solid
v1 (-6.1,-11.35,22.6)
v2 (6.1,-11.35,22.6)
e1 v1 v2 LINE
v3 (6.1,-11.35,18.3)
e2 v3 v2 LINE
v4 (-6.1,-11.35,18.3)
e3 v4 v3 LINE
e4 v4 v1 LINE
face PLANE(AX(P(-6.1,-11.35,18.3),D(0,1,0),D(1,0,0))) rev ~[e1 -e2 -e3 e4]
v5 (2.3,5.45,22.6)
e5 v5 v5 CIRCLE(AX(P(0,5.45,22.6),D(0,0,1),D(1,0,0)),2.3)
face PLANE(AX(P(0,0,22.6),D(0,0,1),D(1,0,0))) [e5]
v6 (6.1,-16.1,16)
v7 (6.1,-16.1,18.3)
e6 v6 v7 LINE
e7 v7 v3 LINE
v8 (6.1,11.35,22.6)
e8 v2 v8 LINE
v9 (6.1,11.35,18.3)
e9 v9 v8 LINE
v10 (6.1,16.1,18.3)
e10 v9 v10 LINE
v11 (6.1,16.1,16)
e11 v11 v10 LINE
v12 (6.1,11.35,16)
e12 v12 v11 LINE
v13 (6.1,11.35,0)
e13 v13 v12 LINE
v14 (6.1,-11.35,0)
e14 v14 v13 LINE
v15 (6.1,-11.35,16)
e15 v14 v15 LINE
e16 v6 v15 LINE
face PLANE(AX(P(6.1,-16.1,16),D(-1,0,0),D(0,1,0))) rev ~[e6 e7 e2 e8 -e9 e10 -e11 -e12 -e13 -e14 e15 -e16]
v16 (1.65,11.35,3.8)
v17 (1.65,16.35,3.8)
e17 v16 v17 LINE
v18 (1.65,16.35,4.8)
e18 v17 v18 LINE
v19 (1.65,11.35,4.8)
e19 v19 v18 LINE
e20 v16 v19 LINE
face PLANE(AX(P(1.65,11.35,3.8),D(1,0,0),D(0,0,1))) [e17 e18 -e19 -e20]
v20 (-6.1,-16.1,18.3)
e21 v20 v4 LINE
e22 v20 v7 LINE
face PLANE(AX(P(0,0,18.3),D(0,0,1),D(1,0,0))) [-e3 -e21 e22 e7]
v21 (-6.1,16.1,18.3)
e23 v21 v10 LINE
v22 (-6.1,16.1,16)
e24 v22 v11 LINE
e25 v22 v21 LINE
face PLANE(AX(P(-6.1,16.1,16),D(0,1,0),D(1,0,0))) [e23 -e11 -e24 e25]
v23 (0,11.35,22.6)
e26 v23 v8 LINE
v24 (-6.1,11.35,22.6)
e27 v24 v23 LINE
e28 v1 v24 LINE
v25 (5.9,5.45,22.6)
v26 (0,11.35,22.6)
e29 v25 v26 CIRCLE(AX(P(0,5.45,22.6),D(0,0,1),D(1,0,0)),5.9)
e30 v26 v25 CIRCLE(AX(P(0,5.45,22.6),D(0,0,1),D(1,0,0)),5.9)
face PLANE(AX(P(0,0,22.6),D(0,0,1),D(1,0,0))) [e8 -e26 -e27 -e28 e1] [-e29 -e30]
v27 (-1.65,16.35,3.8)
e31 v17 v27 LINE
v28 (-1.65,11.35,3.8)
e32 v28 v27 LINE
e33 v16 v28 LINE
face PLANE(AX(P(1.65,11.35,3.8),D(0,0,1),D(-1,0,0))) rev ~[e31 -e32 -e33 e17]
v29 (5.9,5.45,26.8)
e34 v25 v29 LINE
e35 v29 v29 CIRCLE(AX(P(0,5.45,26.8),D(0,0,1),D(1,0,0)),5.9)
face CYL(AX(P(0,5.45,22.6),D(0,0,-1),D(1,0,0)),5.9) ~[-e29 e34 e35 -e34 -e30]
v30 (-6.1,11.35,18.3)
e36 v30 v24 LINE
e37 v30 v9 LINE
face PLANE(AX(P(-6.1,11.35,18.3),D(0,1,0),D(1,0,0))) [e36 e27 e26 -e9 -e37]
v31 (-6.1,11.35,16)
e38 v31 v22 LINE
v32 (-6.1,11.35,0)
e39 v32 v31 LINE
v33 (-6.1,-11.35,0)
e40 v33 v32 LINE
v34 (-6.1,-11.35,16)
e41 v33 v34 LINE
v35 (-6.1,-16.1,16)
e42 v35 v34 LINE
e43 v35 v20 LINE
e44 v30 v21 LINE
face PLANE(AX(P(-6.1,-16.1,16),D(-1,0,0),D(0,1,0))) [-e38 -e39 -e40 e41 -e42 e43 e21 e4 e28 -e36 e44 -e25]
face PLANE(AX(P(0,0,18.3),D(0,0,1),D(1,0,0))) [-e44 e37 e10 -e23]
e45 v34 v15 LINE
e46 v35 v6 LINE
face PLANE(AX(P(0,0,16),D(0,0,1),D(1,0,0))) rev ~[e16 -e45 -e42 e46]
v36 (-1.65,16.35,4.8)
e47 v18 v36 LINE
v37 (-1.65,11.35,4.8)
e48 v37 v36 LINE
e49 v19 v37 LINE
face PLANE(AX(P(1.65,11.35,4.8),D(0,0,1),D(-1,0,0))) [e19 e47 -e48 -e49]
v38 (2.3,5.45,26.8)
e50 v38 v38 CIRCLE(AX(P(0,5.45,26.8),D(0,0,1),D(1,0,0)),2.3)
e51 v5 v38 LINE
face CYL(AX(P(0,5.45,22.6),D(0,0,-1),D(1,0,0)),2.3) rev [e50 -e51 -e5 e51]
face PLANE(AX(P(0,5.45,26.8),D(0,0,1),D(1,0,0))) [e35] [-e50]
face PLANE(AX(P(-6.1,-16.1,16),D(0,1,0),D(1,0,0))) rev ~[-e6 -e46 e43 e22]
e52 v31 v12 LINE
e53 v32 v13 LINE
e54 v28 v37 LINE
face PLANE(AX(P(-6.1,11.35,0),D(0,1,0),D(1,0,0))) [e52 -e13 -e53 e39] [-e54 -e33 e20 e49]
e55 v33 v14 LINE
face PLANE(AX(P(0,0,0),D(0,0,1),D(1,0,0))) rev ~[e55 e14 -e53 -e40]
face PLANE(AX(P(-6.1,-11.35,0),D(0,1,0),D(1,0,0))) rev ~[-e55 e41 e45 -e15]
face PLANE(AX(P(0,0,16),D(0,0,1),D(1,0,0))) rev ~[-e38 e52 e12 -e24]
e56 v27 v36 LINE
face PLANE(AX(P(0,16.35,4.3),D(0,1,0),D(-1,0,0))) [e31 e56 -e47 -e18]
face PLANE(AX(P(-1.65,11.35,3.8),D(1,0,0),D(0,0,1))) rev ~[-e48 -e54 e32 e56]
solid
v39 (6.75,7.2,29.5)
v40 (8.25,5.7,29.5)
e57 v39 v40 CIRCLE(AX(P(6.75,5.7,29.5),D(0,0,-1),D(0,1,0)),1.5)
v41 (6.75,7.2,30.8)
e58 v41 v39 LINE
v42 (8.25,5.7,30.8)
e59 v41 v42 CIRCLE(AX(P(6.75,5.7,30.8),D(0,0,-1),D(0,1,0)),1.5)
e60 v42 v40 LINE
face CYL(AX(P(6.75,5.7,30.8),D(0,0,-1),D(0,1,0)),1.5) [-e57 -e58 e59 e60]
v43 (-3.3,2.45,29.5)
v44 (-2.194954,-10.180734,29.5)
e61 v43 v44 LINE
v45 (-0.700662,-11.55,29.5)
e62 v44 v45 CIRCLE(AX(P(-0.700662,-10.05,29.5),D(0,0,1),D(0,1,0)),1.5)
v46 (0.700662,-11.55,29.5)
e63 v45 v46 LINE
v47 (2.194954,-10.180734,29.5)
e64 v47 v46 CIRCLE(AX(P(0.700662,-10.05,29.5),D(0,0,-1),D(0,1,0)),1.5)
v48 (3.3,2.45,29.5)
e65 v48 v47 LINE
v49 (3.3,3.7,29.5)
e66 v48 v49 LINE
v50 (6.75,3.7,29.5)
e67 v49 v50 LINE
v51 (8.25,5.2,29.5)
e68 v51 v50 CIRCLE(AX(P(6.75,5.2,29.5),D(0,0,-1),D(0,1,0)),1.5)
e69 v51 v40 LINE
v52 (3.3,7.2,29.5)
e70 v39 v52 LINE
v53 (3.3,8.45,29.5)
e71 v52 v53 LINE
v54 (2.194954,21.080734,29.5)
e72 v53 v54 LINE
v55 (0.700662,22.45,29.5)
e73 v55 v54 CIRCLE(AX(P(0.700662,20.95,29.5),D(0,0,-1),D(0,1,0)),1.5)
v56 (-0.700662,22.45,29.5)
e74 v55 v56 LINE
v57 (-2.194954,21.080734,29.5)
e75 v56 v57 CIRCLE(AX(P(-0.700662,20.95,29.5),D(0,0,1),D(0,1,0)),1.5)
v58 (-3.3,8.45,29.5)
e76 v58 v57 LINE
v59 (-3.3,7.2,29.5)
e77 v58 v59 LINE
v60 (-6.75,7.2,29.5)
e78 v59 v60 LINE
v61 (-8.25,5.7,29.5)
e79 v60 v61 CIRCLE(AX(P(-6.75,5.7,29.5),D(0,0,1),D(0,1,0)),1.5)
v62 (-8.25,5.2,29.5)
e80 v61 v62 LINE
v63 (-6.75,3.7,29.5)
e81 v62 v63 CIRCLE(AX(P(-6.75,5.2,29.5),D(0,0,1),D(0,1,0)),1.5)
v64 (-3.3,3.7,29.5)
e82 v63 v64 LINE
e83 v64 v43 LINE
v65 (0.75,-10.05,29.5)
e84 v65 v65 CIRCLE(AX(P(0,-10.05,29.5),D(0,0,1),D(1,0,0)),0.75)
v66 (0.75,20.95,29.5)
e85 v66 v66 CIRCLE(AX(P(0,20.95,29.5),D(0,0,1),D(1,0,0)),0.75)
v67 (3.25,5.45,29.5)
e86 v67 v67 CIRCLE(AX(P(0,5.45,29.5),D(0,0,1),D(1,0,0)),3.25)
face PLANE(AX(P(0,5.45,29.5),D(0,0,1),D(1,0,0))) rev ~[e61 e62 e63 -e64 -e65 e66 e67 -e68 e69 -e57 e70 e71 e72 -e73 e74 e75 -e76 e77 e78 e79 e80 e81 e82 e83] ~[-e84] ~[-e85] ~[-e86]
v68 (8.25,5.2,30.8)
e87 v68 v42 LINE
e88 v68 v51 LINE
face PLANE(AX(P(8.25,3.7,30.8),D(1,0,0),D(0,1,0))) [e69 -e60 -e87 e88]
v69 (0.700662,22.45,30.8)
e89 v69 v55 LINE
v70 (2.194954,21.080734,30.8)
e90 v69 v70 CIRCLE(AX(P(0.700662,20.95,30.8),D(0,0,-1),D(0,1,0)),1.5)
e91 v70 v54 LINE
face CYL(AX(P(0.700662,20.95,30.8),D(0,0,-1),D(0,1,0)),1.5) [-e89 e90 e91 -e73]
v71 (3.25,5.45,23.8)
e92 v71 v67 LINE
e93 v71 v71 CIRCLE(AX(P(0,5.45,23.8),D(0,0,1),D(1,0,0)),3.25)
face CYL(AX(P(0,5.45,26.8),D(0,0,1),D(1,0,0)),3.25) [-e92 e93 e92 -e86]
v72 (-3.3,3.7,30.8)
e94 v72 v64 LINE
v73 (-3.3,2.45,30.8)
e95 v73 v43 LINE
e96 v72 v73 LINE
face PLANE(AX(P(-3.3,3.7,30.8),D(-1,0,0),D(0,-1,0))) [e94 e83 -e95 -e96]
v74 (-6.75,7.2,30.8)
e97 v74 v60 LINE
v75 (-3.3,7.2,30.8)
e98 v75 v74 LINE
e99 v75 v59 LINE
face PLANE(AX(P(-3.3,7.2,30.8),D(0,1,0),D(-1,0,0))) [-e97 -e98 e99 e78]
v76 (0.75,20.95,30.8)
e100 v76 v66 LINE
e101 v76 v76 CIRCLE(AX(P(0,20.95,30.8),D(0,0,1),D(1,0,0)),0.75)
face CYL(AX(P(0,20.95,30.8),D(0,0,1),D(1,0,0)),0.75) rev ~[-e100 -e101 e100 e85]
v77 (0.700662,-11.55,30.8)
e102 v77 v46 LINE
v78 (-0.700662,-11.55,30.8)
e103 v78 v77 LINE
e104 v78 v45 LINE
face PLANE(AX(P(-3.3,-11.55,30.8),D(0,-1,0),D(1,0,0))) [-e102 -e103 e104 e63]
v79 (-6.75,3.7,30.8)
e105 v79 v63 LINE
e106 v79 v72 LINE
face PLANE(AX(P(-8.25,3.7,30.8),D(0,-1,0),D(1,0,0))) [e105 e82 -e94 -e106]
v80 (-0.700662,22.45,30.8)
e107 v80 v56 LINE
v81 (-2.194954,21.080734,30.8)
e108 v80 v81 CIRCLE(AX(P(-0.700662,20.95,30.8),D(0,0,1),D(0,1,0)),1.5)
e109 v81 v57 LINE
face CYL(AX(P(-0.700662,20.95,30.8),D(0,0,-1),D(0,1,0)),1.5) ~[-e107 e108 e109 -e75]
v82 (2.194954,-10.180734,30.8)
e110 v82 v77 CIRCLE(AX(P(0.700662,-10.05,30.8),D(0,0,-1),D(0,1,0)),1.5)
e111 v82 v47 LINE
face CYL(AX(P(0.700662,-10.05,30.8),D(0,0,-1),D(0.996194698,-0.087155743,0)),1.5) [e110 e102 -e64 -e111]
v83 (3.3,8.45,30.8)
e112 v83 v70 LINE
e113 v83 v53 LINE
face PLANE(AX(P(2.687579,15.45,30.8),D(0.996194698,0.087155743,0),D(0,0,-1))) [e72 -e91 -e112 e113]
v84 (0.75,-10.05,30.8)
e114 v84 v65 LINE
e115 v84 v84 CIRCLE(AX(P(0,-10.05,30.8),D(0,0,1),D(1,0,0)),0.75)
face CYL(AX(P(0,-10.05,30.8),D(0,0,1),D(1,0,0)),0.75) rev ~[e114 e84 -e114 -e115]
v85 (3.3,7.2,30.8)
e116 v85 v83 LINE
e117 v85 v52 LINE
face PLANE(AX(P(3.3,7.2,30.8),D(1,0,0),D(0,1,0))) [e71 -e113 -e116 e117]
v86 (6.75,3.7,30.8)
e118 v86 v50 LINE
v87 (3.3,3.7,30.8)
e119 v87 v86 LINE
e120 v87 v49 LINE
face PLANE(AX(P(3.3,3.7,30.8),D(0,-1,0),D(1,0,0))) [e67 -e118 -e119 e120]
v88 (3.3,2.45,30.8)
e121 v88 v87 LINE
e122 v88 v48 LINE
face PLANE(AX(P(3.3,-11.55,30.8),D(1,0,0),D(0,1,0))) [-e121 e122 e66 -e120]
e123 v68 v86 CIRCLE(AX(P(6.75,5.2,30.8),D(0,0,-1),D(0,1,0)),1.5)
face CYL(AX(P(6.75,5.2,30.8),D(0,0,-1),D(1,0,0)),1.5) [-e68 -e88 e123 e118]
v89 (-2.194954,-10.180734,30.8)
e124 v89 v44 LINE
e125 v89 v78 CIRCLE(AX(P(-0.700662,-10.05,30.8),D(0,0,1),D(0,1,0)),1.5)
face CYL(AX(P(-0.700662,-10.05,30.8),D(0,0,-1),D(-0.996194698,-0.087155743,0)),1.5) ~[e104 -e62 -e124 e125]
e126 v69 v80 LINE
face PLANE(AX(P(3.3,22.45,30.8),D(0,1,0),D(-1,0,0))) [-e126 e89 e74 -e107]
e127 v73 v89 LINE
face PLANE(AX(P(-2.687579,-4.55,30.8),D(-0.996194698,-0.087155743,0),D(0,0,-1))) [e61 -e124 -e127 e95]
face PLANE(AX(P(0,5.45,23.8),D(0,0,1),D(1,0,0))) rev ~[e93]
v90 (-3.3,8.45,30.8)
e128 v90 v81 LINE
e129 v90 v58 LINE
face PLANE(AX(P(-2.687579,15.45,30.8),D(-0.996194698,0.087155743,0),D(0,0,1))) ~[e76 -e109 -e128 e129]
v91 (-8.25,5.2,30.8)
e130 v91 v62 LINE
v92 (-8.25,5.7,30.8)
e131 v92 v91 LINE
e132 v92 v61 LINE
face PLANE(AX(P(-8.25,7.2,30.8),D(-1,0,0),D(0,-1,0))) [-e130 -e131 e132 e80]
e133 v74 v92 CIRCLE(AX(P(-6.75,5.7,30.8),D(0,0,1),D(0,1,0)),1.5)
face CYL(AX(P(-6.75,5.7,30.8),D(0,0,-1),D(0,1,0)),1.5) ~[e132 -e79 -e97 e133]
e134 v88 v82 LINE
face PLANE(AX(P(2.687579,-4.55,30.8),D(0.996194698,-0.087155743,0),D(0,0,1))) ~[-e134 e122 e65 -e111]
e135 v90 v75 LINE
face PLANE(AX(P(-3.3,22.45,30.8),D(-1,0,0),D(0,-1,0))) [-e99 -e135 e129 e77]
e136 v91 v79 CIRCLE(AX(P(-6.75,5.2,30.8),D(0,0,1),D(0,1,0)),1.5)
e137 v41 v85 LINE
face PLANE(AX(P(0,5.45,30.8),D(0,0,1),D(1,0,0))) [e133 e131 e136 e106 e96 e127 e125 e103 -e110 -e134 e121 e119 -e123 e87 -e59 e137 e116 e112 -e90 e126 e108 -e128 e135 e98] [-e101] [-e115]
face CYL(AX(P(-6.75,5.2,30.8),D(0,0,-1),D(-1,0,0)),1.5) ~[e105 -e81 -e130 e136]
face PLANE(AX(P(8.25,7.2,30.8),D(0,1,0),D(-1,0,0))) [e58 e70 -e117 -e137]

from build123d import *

# Parameters (mm, degrees)
F0_W           = 12.2
F0_H           = 22.7
F1_DEPTH       = 16
F2_W           = 12.2
F2_H           = 32.2
F3_DEPTH       = 2.3
F4_W           = 12.2
F4_H           = 22.7
F5_DEPTH       = 4.3
F6_R           = 5.9
F6_R_2         = 2.3
F7_DEPTH       = 4.2
F8_W           = 3.3
F8_H           = 1
F9_DEPTH       = 5
F10_R          = 3.25
F11_DEPTH      = 4
F11_DEPTH_BACK = 3
F12_R          = 0.75
F13_DEPTH      = 1.3
F14_SIZE2      = 1.2248412894
F14_SIZE       = 14
F14_2_SIZE2    = 1.2248412894
F14_2_SIZE     = 14
F14_3_SIZE2    = 1.2248412894
F14_3_SIZE     = 14
F15_SIZE2      = 1.2248412894
F15_SIZE       = 14
F16_R          = 1.5


with BuildPart() as f1:
    # F0 (on Top) → F1 (new body)
    with BuildSketch(Plane.XY):
        Rectangle(F0_W, F0_H)
    extrude(amount=F1_DEPTH)

    # F2 (on face) → F3 (join)
    with BuildSketch(Plane.XY.offset(16)):
        Rectangle(F2_W, F2_H)
    extrude(amount=F3_DEPTH)

    # F4 (on face) → F5 (join)
    with BuildSketch(Plane.XY.offset(18.3)):
        Rectangle(F4_W, F4_H)
    extrude(amount=F5_DEPTH)

    # F6 (on face) → F7 (join)
    with BuildSketch(Plane.XY.offset(22.6)):
        with Locations((0, 5.45)):
            Circle(F6_R)
        with Locations((0, 5.45)):
            Circle(F6_R_2, mode=Mode.SUBTRACT)
    extrude(amount=F7_DEPTH)

    # F8 (on face) → F9 (join)
    with BuildSketch(Plane(origin=(0, 11.35, 0), x_dir=(-1, 0, 0), z_dir=(0, 1, 0))):
        with Locations((0, 4.3)):
            Rectangle(F8_W, F8_H)
    extrude(amount=F9_DEPTH)


with BuildPart() as f11:
    # F10 (on face) → F11 (new body, two sides)
    with BuildSketch(Plane.XY.offset(26.8)) as f11_sk:
        with Locations((0, 5.45)):
            Circle(F10_R)
    extrude(amount=F11_DEPTH)
    extrude(f11_sk.sketch, amount=-F11_DEPTH_BACK)

    # F12 (on face) → F13 (join)
    with BuildSketch(Plane.XY.offset(30.8)):
        Polygon((3.3, 7.2), (3.3, 22.45), (-3.3, 22.45), (-3.3, 7.2), (-8.25, 7.2), (-8.25, 3.7), (-3.3, 3.7), (-3.3, -11.55), (3.3, -11.55), (3.3, 3.7), (8.25, 3.7), (8.25, 7.2), align=None)
        with Locations((0, -10.05)):
            Circle(F12_R, mode=Mode.SUBTRACT)
        with Locations((0, 20.95)):
            Circle(F12_R, mode=Mode.SUBTRACT)
    extrude(amount=-F13_DEPTH)

    # F14
    f14_edges = [f11.edges().sort_by_distance(p)[0] for p in [
        (-3.3, -11.55, 30.15),
    ]]
    f14_side = f11.faces().sort_by_distance((-3.3, -3.925, 30.15))[0]
    chamfer(f14_edges, length=F14_SIZE, length2=F14_SIZE2, reference=f14_side)

    # F14#2
    f14_2_edges = [f11.edges().sort_by_distance(p)[0] for p in [
        (3.3, -11.55, 30.15),
    ]]
    f14_2_side = f11.faces().sort_by_distance((3.3, -3.925, 30.15))[0]
    chamfer(f14_2_edges, length=F14_2_SIZE, length2=F14_2_SIZE2, reference=f14_2_side)

    # F14#3
    f14_3_edges = [f11.edges().sort_by_distance(p)[0] for p in [
        (3.3, 22.45, 30.15),
    ]]
    f14_3_side = f11.faces().sort_by_distance((3.3, 14.825, 30.15))[0]
    chamfer(f14_3_edges, length=F14_3_SIZE, length2=F14_3_SIZE2, reference=f14_3_side)

    # F15
    f15_edges = [f11.edges().sort_by_distance(p)[0] for p in [
        (-3.3, 22.45, 30.15),
    ]]
    f15_side = f11.faces().sort_by_distance((-3.3, 14.825, 30.15))[0]
    chamfer(f15_edges, length=F15_SIZE, length2=F15_SIZE2, reference=f15_side)

    # F16
    f16_edges = [f11.edges().sort_by_distance(p)[0] for p in [
        (-2.075159, 22.45, 30.15),
        (2.075159, 22.45, 30.15),
        (-8.25, 7.2, 30.15),
        (-8.25, 3.7, 30.15),
        (8.25, 7.2, 30.15),
        (8.25, 3.7, 30.15),
        (2.075159, -11.55, 30.15),
        (-2.075159, -11.55, 30.15),
    ]]
    fillet(f16_edges, radius=F16_R)


solid = Compound([f1.part, f11.part])
